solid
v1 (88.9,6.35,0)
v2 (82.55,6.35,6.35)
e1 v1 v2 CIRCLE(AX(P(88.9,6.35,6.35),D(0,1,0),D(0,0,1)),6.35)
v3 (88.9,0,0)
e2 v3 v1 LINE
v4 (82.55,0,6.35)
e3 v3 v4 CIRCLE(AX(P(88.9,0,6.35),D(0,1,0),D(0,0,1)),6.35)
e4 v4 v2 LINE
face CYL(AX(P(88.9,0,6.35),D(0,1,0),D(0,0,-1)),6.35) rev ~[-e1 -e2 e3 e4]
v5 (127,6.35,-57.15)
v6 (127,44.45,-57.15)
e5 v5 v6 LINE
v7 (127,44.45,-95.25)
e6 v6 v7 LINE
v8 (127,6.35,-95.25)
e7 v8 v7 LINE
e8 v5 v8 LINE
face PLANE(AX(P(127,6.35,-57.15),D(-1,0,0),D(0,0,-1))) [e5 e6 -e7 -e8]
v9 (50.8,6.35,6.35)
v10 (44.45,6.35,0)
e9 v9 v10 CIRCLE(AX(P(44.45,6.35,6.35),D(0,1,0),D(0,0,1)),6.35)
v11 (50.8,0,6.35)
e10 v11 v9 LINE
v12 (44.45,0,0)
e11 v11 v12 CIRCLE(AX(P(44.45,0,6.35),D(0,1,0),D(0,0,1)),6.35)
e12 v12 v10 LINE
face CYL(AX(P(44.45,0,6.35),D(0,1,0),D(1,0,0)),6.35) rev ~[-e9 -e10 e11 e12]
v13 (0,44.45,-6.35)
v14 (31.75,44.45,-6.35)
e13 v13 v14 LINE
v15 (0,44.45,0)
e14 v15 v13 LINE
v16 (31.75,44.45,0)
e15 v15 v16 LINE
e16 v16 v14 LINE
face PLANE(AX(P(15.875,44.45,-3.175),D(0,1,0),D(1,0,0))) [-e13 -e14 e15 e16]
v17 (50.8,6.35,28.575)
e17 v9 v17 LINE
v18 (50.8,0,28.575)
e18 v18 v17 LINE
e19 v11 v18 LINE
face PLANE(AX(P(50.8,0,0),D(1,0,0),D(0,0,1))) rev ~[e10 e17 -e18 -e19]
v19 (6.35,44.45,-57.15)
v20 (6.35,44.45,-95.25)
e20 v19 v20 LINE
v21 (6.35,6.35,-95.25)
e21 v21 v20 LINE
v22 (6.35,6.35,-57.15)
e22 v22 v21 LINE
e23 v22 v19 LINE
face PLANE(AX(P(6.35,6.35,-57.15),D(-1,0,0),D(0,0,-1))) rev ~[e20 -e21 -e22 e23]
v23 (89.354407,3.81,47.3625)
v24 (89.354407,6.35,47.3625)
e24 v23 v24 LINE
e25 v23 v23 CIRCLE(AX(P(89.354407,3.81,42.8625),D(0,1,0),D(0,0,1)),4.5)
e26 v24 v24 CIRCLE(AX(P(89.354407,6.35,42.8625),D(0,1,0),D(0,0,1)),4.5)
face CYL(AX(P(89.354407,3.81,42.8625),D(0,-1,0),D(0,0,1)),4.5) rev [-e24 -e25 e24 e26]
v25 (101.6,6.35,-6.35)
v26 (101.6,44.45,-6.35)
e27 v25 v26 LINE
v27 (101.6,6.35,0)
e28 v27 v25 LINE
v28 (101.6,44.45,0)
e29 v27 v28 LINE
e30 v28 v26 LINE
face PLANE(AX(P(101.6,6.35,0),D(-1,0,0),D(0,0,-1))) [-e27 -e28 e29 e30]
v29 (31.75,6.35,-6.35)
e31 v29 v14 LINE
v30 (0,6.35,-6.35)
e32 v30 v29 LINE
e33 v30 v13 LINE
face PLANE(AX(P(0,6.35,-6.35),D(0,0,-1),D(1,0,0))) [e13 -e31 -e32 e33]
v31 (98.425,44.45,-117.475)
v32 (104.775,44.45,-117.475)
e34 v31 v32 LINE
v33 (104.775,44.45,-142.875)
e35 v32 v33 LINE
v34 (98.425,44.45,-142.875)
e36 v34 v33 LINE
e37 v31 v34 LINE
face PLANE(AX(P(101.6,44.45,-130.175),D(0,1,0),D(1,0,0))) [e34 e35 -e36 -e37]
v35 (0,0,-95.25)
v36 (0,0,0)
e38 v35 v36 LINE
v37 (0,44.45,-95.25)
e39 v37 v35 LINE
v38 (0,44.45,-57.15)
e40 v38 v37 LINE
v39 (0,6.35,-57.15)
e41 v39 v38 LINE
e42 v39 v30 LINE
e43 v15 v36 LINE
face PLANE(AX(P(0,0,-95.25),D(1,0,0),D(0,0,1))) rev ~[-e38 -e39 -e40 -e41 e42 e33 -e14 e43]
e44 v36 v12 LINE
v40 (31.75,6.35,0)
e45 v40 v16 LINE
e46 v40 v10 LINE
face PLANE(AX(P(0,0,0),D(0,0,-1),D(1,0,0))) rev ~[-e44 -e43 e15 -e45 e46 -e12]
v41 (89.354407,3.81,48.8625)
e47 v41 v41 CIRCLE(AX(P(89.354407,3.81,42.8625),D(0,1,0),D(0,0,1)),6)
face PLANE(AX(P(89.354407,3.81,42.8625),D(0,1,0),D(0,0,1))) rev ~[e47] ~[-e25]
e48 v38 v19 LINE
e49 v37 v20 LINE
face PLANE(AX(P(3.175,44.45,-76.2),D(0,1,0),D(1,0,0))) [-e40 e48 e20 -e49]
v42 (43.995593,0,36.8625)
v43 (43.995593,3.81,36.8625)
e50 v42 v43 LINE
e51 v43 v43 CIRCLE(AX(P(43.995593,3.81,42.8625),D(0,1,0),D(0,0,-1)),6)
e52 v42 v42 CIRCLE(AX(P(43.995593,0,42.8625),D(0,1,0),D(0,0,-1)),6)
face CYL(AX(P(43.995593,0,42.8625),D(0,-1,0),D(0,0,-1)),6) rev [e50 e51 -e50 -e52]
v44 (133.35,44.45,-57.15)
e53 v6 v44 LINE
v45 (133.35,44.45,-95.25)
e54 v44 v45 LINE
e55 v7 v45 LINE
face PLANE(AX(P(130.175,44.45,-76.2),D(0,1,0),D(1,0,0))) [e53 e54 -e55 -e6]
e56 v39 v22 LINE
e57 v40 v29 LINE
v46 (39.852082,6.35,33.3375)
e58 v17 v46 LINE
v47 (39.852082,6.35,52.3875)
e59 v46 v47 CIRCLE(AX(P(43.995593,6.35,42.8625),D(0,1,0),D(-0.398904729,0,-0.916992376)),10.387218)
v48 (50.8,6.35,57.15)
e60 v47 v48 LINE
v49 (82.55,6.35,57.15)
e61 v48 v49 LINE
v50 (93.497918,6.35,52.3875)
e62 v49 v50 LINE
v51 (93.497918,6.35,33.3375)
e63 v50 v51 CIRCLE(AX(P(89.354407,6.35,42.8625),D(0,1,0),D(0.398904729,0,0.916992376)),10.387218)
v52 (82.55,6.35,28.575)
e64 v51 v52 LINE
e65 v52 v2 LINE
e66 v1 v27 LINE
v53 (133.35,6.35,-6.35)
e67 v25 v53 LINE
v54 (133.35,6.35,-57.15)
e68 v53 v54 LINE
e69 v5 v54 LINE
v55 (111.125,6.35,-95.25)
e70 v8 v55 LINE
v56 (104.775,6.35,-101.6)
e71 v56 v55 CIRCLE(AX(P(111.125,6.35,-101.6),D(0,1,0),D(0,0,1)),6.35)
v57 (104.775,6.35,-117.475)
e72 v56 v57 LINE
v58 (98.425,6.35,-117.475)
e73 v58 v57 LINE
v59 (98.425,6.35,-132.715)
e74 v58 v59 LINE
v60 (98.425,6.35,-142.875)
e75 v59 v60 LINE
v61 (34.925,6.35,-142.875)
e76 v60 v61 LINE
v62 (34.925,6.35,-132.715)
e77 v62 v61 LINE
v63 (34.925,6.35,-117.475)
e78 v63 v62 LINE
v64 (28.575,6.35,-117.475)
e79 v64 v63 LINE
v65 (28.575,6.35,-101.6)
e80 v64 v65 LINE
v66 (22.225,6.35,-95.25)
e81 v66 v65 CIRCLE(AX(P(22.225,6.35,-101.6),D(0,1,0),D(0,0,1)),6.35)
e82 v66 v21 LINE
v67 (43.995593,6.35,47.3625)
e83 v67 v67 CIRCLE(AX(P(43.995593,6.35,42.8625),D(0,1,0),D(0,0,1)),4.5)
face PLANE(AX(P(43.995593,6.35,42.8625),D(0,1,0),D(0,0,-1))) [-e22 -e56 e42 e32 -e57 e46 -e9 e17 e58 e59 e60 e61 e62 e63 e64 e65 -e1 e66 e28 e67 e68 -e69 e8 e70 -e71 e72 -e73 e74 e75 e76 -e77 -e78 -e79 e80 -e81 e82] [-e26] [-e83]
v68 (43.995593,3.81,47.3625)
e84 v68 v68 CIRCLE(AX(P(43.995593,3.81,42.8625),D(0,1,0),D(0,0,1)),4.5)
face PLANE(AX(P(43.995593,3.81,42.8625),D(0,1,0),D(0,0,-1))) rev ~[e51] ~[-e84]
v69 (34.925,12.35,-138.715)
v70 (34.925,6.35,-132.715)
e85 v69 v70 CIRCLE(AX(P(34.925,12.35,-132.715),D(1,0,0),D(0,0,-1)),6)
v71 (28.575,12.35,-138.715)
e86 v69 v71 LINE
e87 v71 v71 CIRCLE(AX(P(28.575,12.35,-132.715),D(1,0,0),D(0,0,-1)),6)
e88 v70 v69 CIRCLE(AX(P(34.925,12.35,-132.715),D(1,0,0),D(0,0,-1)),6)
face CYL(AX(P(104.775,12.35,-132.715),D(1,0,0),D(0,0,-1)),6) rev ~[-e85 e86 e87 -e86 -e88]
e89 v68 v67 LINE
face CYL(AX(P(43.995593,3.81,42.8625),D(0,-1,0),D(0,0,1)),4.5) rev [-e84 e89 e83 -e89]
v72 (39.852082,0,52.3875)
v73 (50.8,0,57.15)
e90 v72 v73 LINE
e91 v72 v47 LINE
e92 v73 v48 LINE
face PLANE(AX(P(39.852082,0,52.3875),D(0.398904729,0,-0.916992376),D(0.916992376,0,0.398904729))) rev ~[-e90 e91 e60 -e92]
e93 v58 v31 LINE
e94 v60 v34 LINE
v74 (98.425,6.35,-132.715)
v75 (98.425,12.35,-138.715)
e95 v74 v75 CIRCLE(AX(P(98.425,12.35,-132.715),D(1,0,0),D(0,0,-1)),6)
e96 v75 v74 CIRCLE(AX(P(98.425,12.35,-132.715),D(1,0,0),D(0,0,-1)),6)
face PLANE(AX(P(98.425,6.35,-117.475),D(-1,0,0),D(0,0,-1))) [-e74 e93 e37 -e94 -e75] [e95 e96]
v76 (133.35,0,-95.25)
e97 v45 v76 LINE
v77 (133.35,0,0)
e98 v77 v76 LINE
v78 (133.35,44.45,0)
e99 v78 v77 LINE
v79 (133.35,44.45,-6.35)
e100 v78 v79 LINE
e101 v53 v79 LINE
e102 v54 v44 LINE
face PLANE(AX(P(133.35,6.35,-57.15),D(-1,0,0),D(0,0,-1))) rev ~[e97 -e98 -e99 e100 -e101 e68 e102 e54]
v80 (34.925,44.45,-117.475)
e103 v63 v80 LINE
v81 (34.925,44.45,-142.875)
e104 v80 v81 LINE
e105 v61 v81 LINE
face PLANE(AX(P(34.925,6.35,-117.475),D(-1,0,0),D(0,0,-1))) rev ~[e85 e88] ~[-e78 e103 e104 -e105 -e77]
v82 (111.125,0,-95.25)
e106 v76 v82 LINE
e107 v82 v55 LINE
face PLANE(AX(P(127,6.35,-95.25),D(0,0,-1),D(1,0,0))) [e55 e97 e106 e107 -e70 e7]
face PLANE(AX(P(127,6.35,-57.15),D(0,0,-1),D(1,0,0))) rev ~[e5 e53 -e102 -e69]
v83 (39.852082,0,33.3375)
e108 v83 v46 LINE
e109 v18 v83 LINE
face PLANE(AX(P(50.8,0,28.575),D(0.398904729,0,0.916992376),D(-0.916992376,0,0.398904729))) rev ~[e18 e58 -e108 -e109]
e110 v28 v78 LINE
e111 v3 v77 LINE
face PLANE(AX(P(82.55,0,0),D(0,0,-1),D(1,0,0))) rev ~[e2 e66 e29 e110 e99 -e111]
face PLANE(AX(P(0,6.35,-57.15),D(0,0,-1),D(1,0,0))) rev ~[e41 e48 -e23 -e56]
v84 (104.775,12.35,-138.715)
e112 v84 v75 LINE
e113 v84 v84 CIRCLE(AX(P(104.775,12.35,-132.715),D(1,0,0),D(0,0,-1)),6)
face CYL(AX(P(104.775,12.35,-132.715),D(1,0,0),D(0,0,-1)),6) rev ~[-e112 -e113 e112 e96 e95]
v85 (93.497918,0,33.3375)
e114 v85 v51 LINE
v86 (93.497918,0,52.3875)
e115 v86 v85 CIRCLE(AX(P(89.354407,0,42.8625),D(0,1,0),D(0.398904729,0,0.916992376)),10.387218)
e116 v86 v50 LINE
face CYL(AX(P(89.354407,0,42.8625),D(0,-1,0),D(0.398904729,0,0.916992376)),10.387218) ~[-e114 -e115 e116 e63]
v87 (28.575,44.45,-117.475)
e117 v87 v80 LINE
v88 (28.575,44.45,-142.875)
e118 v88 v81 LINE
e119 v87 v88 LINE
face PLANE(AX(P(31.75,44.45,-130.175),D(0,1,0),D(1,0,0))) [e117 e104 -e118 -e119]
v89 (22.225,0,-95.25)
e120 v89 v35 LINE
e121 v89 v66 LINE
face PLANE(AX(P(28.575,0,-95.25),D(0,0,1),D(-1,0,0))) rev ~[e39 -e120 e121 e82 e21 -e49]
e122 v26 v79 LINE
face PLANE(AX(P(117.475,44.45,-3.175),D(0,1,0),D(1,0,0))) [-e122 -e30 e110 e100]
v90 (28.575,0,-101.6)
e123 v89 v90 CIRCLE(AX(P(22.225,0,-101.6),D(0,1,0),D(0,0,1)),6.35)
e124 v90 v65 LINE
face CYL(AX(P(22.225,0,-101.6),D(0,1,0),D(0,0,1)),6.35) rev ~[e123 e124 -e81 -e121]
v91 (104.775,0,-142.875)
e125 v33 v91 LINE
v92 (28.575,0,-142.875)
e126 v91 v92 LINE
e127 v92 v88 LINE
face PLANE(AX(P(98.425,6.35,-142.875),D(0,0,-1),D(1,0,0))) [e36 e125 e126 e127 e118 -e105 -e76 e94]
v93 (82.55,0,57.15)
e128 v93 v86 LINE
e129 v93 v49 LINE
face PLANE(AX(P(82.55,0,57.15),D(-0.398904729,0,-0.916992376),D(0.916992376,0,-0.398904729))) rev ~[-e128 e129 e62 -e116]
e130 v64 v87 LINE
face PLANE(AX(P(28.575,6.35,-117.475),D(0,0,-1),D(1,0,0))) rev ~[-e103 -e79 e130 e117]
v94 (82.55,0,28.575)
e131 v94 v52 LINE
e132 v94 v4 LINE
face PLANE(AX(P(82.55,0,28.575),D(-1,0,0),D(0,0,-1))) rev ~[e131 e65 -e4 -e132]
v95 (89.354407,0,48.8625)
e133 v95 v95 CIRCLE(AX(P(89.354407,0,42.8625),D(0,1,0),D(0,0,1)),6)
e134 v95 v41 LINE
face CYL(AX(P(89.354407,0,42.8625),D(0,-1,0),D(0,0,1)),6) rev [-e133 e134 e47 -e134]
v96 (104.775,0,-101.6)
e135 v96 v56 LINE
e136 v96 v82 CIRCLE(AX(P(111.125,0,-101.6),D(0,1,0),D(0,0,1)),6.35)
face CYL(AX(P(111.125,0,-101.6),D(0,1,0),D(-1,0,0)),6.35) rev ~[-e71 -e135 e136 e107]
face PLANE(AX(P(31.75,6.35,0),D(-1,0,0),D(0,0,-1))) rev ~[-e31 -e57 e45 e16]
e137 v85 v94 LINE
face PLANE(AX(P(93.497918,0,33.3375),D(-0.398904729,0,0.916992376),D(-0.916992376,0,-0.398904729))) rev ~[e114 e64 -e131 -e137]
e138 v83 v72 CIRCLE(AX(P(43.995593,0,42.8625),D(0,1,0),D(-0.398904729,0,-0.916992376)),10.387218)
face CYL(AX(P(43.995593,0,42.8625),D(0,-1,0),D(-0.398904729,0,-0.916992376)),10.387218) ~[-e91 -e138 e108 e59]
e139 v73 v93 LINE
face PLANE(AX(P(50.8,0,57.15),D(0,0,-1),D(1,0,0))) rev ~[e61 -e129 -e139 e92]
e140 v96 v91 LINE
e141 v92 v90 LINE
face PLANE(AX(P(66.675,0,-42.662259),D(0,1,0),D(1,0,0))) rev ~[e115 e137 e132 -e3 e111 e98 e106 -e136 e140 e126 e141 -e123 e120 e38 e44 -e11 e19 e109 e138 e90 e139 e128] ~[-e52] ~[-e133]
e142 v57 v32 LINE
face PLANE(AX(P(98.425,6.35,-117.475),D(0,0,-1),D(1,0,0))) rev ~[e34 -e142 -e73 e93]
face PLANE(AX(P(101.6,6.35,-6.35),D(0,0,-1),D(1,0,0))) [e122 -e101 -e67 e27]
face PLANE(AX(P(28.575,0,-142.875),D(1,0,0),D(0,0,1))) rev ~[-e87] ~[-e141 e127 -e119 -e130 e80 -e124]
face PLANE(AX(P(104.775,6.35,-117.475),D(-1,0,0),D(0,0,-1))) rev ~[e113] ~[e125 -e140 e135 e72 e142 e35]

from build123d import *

# Parameters (mm, degrees)
SKETCH1_R           = 6
BOSS_EXTRUDE1_DEPTH = 6.35
SKETCH2_W           = 6.35
SKETCH2_H           = 38.1
SKETCH2_W_2         = 31.75
SKETCH2_H_2         = 6.35
MOTORMOUNT_DEPTH    = 38.1
SKETCH4_W           = 6.35
SKETCH4_H           = 25.4
WHEELMOUNTS_DEPTH   = 38.1
FILLET1_R           = 6.35
BOSS_EXTRUDE4_START = -2.54
SKETCH5_R           = 6
SKETCH5_R_2         = 4.5
BOSS_EXTRUDE4_DEPTH = 2.54
SKETCH6_R           = 6
CUT_EXTRUDE2_DEPTH  = 83.947
FILLET2_R           = 6.35


with BuildPart() as part:
    # Sketch1 → Boss-Extrude1 (new body)
    with BuildSketch(Plane(origin=(0, 0, 0), x_dir=(1, 0, 0), z_dir=(0, 1, 0))):
        with BuildLine():
            Line((50.8, 0), (50.8, -28.575))
            Line((50.8, -28.575), (39.852082176, -33.3375))
            ThreePointArc((39.852082176, -33.3375), (33.608374366, -42.8625), (39.852082176, -52.3875))
            Line((39.852082176, -52.3875), (50.8, -57.15))
            Line((50.8, -57.15), (82.55, -57.15))
            Line((82.55, -57.15), (93.497917824, -52.3875))
            ThreePointArc((93.497917824, -52.3875), (99.741625634, -42.8625), (93.497917824, -33.3375))
            Line((93.497917824, -33.3375), (82.55, -28.575))
            Line((82.55, -28.575), (82.55, 0))
            Line((82.55, 0), (133.35, 0))
            Line((133.35, 0), (133.35, 95.25))
            Line((133.35, 95.25), (104.775, 95.25))
            Line((104.775, 95.25), (104.775, 142.875))
            Line((104.775, 142.875), (28.575, 142.875))
            Line((28.575, 142.875), (28.575, 95.25))
            Line((28.575, 95.25), (0, 95.25))
            Line((0, 95.25), (0, 0))
            Line((0, 0), (50.8, 0))
        make_face()
        with Locations(Location((89.354407321, -42.8625, 0), (0, 0, 270))):
            Circle(SKETCH1_R, mode=Mode.SUBTRACT)
        with Locations(Location((43.995592679, -42.8625, 0), (0, 0, 90))):
            Circle(SKETCH1_R, mode=Mode.SUBTRACT)
    extrude(amount=BOSS_EXTRUDE1_DEPTH)

    # Sketch2 → MotorMount (add)
    with BuildSketch(Plane(origin=(0, 6.35, 0), x_dir=(1, 0, 0), z_dir=(0, 1, 0))):
        with Locations((130.175, 76.2)):
            Rectangle(SKETCH2_W, SKETCH2_H)
        with Locations((3.175, 76.2)):
            Rectangle(SKETCH2_W, SKETCH2_H)
        with Locations((15.875, 3.175)):
            Rectangle(SKETCH2_W_2, SKETCH2_H_2)
        with Locations((117.475, 3.175)):
            Rectangle(SKETCH2_W_2, SKETCH2_H_2)
    extrude(amount=MOTORMOUNT_DEPTH)

    # Sketch4 → WheelMounts (add)
    with BuildSketch(Plane(origin=(0, 6.35, 0), x_dir=(1, 0, 0), z_dir=(0, 1, 0))):
        with Locations((101.6, 130.175)):
            Rectangle(SKETCH4_W, SKETCH4_H)
        with Locations((31.75, 130.175)):
            Rectangle(SKETCH4_W, SKETCH4_H)
    extrude(amount=WHEELMOUNTS_DEPTH)

    # Fillet1
    fillet1_edges = [part.edges().sort_by_distance(p)[0] for p in [
        (82.55, 3.175, 0),
        (50.8, 3.175, 0),
    ]]
    fillet(fillet1_edges, radius=FILLET1_R)

    # Sketch5 → Boss-Extrude4 (add)
    # profile 1 of 2: a face of its own
    with BuildSketch(Plane(origin=(0, 6.35, 0), x_dir=(1, 0, 0), z_dir=(0, 1, 0)).offset(BOSS_EXTRUDE4_START)):
        with Locations(Location((43.995592679, -42.8625, 0), (0, 0, 90))):
            Circle(SKETCH5_R)
        with Locations(Location((43.995592679, -42.8625, 0), (0, 0, 270))):
            Circle(SKETCH5_R_2, mode=Mode.SUBTRACT)
    # profile 2 of 2: a face of its own
    with BuildSketch(Plane(origin=(0, 6.35, 0), x_dir=(1, 0, 0), z_dir=(0, 1, 0)).offset(BOSS_EXTRUDE4_START)):
        with Locations(Location((89.354407321, -42.8625, 0), (0, 0, 270))):
            Circle(SKETCH5_R)
        with Locations(Location((89.354407321, -42.8625, 0), (0, 0, 270))):
            Circle(SKETCH5_R_2, mode=Mode.SUBTRACT)
    extrude(amount=BOSS_EXTRUDE4_DEPTH)

    # Sketch6 → Cut-Extrude2 (cut)
    with BuildSketch(Plane(origin=(104.775, 0, 0), x_dir=(0, 0, -1), z_dir=(1, 0, 0))):
        with Locations((132.715, 12.35)):
            Circle(SKETCH6_R)
    extrude(amount=-CUT_EXTRUDE2_DEPTH, mode=Mode.SUBTRACT)

    # Fillet2
    fillet2_edges = [part.edges().sort_by_distance(p)[0] for p in [
        (28.575, 3.175, -95.25),
        (104.775, 3.175, -95.25),
    ]]
    fillet(fillet2_edges, radius=FILLET2_R)


solid = part.part
